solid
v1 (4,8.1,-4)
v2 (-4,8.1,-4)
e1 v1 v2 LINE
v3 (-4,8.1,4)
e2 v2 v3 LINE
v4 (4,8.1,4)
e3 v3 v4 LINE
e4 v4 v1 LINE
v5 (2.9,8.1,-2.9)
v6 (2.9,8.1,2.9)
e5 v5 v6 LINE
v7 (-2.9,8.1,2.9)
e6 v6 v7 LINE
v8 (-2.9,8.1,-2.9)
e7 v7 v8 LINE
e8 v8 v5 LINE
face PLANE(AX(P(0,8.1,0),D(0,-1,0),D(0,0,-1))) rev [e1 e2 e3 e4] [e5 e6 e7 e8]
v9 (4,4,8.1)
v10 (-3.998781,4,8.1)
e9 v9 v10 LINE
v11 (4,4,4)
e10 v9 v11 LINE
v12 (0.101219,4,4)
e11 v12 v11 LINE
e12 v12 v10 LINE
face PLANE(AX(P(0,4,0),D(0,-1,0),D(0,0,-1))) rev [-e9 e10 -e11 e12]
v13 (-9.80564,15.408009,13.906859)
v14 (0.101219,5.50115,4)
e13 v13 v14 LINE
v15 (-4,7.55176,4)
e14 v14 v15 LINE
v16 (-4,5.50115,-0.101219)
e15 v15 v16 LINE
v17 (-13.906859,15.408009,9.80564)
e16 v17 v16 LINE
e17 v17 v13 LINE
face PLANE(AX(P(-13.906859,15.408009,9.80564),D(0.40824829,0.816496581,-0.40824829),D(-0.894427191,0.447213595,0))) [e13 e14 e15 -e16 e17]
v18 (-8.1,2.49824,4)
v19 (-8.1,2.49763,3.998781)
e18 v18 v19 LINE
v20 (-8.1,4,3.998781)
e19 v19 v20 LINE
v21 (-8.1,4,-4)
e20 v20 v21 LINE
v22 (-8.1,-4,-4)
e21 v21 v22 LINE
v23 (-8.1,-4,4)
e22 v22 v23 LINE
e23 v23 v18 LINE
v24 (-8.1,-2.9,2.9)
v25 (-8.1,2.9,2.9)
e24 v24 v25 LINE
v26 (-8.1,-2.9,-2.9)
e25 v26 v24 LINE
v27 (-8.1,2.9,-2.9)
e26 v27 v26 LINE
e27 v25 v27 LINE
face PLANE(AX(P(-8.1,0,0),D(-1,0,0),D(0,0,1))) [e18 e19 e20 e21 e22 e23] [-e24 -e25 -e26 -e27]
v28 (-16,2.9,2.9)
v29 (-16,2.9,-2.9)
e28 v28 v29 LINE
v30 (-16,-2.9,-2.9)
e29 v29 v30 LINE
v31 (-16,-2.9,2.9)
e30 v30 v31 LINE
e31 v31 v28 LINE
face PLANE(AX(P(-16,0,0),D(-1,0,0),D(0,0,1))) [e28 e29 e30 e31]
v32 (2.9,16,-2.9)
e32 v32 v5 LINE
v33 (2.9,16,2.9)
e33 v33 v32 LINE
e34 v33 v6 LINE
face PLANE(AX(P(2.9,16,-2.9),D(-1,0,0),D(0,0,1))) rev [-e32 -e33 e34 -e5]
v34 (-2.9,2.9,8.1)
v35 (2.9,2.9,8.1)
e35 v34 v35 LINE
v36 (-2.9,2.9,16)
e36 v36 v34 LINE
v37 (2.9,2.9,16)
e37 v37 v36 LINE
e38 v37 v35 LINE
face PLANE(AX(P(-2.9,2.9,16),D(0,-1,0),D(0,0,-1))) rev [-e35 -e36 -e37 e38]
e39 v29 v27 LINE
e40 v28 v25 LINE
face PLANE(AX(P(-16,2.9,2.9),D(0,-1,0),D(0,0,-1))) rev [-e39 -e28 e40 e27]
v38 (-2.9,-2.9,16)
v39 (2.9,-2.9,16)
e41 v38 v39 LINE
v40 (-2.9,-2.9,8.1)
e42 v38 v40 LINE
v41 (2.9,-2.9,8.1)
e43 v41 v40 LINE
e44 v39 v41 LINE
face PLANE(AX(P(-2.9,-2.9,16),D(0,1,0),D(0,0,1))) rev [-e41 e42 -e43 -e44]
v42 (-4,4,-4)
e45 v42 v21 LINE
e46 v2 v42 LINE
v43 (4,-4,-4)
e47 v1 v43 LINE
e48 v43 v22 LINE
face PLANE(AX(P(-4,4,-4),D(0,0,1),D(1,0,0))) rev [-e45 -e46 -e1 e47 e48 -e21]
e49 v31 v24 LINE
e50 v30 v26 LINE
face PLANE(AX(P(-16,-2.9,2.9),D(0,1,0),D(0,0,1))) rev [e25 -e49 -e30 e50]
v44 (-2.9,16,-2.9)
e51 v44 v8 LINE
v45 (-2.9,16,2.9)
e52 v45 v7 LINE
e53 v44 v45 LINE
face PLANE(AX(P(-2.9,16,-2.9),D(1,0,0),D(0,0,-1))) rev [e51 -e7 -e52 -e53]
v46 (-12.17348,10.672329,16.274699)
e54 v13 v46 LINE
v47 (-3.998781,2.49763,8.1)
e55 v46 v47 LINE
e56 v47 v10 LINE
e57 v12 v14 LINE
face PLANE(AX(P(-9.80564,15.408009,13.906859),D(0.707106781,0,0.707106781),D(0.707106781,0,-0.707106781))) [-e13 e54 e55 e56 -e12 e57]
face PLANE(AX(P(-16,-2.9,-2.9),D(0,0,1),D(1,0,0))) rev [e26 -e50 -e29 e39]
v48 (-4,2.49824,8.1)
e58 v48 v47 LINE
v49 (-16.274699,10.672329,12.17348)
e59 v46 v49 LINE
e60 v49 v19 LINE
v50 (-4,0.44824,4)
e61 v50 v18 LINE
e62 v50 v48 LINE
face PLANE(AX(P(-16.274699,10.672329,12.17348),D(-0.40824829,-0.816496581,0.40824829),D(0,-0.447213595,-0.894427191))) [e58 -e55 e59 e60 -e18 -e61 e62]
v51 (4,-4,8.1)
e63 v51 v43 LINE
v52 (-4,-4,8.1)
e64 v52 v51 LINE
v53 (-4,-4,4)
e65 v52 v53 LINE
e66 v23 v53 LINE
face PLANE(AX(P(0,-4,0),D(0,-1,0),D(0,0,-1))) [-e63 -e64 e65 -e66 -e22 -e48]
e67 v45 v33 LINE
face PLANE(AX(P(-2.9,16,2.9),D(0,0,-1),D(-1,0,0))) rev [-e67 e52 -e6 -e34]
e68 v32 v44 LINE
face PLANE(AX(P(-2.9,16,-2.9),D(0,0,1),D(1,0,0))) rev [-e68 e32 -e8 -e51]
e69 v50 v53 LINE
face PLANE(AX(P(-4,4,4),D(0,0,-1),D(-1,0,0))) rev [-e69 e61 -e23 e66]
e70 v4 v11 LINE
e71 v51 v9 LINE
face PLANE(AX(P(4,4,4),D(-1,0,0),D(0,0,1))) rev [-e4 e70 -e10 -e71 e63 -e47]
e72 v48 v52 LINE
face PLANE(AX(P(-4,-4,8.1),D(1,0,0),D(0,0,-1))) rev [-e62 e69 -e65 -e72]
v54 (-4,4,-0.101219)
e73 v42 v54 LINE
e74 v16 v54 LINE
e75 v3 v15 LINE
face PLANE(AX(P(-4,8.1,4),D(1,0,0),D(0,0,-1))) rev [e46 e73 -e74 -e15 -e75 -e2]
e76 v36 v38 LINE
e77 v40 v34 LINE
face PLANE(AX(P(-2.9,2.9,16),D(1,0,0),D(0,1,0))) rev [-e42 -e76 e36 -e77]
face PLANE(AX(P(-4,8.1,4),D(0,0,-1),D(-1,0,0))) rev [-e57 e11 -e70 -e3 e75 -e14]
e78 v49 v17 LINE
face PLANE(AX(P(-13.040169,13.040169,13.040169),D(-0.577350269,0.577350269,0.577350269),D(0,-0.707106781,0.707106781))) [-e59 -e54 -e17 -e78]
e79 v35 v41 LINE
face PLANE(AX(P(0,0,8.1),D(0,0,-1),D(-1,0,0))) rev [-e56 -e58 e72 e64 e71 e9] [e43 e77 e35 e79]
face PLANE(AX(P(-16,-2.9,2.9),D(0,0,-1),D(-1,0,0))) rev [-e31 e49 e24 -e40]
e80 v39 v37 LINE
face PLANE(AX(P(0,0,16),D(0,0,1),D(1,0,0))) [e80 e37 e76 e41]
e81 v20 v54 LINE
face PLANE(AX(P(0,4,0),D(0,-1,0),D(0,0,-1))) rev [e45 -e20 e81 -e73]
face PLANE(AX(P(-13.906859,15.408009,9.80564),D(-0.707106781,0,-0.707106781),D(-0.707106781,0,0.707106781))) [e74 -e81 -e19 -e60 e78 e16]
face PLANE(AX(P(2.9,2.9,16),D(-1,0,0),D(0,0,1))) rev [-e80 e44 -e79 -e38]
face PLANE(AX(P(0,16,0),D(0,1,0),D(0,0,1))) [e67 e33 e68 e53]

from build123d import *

# Parameters (mm, degrees)
SKETCH1_W                       = 8
SKETCH1_H                       = 8
BOSS_EXTRUDE1_DEPTH             = 4
SKETCH3_W                       = 5.8
SKETCH3_H                       = 5.8
BOSS_EXTRUDE2_DEPTH             = 12
SKETCH5_W                       = 5.8
SKETCH5_H                       = 5.8
BOSS_EXTRUDE3_DEPTH             = 12
SKETCH6_W                       = 5.8
SKETCH6_H                       = 5.8
BOSS_EXTRUDE4_DEPTH             = 12
BOSS_EXTRUDE5_REACH             = 21.514
BOSS_EXTRUDE5_DIRECTION_2_DEPTH = 10
SKETCH9_W                       = 8
SKETCH9_H                       = 8
BOSS_EXTRUDE6_DEPTH             = 4.1
SKETCH10_W                      = 8
SKETCH10_H                      = 8
BOSS_EXTRUDE7_DEPTH             = 4.1
SKETCH11_W                      = 8
SKETCH11_H                      = 8
BOSS_EXTRUDE8_DEPTH             = 4.1


with BuildPart() as part:
    # Sketch1 → Boss-Extrude1 (new, symmetric)
    with BuildSketch(Plane(origin=(0, 0, 0), x_dir=(1, 0, 0), z_dir=(0, 1, 0))):
        Rectangle(SKETCH1_W, SKETCH1_H)
    extrude(amount=BOSS_EXTRUDE1_DEPTH, both=True)

    # Sketch3 → Boss-Extrude2 (add)
    with BuildSketch(Plane.XY.offset(4)):
        Rectangle(SKETCH3_W, SKETCH3_H)
    extrude(amount=BOSS_EXTRUDE2_DEPTH)

    # Sketch5 → Boss-Extrude3 (add)
    with BuildSketch(Plane(origin=(0, 4, 0), x_dir=(1, 0, 0), z_dir=(0, 1, 0))):
        Rectangle(SKETCH5_W, SKETCH5_H)
    extrude(amount=BOSS_EXTRUDE3_DEPTH)

    # Sketch6 → Boss-Extrude4 (add)
    with BuildSketch(Plane.ZY.offset(4)):
        Rectangle(SKETCH6_W, SKETCH6_H)
    extrude(amount=BOSS_EXTRUDE4_DEPTH)

    # Sketch8 → Boss-Extrude5 (add, up to next)
    with BuildSketch(Plane(origin=(-7.266666667, 7.266666667, 7.266666667), x_dir=(-0.8164965809277261, -0.4082482904638631, -0.408248290463863), z_dir=(0.5773502691896257, -0.5773502691896258, -0.5773502691896257)), mode=Mode.PRIVATE) as boss_extrude5_sk1:
        Polygon((1.061473671, 3.961473671), (-3.961473671, 1.061473671), (-1.061473671, -3.961473671), (3.961473671, -1.061473671), align=None)
    boss_extrude5_tool1 = extrude(boss_extrude5_sk1.sketch, amount=BOSS_EXTRUDE5_REACH, mode=Mode.PRIVATE) - part.part
    add(boss_extrude5_tool1.solids().sort_by_distance((-7.266667, 7.266667, 7.266667))[0])

    # Sketch8 → Boss-Extrude5 direction 2 (add)
    with BuildSketch(Plane(origin=(-7.266666667, 7.266666667, 7.266666667), x_dir=(-0.8164965809277261, -0.4082482904638631, -0.408248290463863), z_dir=(0.5773502691896257, -0.5773502691896258, -0.5773502691896257))):
        Polygon((1.061473671, 3.961473671), (-3.961473671, 1.061473671), (-1.061473671, -3.961473671), (3.961473671, -1.061473671), align=None)
    extrude(amount=-BOSS_EXTRUDE5_DIRECTION_2_DEPTH)

    # Sketch9 → Boss-Extrude6 (add)
    with BuildSketch(Plane.ZY.offset(4)):
        Rectangle(SKETCH9_W, SKETCH9_H)
    extrude(amount=BOSS_EXTRUDE6_DEPTH)

    # Sketch10 → Boss-Extrude7 (add)
    with BuildSketch(Plane.XY.offset(4)):
        Rectangle(SKETCH10_W, SKETCH10_H)
    extrude(amount=BOSS_EXTRUDE7_DEPTH)

    # Sketch11 → Boss-Extrude8 (add)
    with BuildSketch(Plane(origin=(0, 4, 0), x_dir=(1, 0, 0), z_dir=(0, 1, 0))):
        Rectangle(SKETCH11_W, SKETCH11_H)
    extrude(amount=BOSS_EXTRUDE8_DEPTH)


solid = part.part
